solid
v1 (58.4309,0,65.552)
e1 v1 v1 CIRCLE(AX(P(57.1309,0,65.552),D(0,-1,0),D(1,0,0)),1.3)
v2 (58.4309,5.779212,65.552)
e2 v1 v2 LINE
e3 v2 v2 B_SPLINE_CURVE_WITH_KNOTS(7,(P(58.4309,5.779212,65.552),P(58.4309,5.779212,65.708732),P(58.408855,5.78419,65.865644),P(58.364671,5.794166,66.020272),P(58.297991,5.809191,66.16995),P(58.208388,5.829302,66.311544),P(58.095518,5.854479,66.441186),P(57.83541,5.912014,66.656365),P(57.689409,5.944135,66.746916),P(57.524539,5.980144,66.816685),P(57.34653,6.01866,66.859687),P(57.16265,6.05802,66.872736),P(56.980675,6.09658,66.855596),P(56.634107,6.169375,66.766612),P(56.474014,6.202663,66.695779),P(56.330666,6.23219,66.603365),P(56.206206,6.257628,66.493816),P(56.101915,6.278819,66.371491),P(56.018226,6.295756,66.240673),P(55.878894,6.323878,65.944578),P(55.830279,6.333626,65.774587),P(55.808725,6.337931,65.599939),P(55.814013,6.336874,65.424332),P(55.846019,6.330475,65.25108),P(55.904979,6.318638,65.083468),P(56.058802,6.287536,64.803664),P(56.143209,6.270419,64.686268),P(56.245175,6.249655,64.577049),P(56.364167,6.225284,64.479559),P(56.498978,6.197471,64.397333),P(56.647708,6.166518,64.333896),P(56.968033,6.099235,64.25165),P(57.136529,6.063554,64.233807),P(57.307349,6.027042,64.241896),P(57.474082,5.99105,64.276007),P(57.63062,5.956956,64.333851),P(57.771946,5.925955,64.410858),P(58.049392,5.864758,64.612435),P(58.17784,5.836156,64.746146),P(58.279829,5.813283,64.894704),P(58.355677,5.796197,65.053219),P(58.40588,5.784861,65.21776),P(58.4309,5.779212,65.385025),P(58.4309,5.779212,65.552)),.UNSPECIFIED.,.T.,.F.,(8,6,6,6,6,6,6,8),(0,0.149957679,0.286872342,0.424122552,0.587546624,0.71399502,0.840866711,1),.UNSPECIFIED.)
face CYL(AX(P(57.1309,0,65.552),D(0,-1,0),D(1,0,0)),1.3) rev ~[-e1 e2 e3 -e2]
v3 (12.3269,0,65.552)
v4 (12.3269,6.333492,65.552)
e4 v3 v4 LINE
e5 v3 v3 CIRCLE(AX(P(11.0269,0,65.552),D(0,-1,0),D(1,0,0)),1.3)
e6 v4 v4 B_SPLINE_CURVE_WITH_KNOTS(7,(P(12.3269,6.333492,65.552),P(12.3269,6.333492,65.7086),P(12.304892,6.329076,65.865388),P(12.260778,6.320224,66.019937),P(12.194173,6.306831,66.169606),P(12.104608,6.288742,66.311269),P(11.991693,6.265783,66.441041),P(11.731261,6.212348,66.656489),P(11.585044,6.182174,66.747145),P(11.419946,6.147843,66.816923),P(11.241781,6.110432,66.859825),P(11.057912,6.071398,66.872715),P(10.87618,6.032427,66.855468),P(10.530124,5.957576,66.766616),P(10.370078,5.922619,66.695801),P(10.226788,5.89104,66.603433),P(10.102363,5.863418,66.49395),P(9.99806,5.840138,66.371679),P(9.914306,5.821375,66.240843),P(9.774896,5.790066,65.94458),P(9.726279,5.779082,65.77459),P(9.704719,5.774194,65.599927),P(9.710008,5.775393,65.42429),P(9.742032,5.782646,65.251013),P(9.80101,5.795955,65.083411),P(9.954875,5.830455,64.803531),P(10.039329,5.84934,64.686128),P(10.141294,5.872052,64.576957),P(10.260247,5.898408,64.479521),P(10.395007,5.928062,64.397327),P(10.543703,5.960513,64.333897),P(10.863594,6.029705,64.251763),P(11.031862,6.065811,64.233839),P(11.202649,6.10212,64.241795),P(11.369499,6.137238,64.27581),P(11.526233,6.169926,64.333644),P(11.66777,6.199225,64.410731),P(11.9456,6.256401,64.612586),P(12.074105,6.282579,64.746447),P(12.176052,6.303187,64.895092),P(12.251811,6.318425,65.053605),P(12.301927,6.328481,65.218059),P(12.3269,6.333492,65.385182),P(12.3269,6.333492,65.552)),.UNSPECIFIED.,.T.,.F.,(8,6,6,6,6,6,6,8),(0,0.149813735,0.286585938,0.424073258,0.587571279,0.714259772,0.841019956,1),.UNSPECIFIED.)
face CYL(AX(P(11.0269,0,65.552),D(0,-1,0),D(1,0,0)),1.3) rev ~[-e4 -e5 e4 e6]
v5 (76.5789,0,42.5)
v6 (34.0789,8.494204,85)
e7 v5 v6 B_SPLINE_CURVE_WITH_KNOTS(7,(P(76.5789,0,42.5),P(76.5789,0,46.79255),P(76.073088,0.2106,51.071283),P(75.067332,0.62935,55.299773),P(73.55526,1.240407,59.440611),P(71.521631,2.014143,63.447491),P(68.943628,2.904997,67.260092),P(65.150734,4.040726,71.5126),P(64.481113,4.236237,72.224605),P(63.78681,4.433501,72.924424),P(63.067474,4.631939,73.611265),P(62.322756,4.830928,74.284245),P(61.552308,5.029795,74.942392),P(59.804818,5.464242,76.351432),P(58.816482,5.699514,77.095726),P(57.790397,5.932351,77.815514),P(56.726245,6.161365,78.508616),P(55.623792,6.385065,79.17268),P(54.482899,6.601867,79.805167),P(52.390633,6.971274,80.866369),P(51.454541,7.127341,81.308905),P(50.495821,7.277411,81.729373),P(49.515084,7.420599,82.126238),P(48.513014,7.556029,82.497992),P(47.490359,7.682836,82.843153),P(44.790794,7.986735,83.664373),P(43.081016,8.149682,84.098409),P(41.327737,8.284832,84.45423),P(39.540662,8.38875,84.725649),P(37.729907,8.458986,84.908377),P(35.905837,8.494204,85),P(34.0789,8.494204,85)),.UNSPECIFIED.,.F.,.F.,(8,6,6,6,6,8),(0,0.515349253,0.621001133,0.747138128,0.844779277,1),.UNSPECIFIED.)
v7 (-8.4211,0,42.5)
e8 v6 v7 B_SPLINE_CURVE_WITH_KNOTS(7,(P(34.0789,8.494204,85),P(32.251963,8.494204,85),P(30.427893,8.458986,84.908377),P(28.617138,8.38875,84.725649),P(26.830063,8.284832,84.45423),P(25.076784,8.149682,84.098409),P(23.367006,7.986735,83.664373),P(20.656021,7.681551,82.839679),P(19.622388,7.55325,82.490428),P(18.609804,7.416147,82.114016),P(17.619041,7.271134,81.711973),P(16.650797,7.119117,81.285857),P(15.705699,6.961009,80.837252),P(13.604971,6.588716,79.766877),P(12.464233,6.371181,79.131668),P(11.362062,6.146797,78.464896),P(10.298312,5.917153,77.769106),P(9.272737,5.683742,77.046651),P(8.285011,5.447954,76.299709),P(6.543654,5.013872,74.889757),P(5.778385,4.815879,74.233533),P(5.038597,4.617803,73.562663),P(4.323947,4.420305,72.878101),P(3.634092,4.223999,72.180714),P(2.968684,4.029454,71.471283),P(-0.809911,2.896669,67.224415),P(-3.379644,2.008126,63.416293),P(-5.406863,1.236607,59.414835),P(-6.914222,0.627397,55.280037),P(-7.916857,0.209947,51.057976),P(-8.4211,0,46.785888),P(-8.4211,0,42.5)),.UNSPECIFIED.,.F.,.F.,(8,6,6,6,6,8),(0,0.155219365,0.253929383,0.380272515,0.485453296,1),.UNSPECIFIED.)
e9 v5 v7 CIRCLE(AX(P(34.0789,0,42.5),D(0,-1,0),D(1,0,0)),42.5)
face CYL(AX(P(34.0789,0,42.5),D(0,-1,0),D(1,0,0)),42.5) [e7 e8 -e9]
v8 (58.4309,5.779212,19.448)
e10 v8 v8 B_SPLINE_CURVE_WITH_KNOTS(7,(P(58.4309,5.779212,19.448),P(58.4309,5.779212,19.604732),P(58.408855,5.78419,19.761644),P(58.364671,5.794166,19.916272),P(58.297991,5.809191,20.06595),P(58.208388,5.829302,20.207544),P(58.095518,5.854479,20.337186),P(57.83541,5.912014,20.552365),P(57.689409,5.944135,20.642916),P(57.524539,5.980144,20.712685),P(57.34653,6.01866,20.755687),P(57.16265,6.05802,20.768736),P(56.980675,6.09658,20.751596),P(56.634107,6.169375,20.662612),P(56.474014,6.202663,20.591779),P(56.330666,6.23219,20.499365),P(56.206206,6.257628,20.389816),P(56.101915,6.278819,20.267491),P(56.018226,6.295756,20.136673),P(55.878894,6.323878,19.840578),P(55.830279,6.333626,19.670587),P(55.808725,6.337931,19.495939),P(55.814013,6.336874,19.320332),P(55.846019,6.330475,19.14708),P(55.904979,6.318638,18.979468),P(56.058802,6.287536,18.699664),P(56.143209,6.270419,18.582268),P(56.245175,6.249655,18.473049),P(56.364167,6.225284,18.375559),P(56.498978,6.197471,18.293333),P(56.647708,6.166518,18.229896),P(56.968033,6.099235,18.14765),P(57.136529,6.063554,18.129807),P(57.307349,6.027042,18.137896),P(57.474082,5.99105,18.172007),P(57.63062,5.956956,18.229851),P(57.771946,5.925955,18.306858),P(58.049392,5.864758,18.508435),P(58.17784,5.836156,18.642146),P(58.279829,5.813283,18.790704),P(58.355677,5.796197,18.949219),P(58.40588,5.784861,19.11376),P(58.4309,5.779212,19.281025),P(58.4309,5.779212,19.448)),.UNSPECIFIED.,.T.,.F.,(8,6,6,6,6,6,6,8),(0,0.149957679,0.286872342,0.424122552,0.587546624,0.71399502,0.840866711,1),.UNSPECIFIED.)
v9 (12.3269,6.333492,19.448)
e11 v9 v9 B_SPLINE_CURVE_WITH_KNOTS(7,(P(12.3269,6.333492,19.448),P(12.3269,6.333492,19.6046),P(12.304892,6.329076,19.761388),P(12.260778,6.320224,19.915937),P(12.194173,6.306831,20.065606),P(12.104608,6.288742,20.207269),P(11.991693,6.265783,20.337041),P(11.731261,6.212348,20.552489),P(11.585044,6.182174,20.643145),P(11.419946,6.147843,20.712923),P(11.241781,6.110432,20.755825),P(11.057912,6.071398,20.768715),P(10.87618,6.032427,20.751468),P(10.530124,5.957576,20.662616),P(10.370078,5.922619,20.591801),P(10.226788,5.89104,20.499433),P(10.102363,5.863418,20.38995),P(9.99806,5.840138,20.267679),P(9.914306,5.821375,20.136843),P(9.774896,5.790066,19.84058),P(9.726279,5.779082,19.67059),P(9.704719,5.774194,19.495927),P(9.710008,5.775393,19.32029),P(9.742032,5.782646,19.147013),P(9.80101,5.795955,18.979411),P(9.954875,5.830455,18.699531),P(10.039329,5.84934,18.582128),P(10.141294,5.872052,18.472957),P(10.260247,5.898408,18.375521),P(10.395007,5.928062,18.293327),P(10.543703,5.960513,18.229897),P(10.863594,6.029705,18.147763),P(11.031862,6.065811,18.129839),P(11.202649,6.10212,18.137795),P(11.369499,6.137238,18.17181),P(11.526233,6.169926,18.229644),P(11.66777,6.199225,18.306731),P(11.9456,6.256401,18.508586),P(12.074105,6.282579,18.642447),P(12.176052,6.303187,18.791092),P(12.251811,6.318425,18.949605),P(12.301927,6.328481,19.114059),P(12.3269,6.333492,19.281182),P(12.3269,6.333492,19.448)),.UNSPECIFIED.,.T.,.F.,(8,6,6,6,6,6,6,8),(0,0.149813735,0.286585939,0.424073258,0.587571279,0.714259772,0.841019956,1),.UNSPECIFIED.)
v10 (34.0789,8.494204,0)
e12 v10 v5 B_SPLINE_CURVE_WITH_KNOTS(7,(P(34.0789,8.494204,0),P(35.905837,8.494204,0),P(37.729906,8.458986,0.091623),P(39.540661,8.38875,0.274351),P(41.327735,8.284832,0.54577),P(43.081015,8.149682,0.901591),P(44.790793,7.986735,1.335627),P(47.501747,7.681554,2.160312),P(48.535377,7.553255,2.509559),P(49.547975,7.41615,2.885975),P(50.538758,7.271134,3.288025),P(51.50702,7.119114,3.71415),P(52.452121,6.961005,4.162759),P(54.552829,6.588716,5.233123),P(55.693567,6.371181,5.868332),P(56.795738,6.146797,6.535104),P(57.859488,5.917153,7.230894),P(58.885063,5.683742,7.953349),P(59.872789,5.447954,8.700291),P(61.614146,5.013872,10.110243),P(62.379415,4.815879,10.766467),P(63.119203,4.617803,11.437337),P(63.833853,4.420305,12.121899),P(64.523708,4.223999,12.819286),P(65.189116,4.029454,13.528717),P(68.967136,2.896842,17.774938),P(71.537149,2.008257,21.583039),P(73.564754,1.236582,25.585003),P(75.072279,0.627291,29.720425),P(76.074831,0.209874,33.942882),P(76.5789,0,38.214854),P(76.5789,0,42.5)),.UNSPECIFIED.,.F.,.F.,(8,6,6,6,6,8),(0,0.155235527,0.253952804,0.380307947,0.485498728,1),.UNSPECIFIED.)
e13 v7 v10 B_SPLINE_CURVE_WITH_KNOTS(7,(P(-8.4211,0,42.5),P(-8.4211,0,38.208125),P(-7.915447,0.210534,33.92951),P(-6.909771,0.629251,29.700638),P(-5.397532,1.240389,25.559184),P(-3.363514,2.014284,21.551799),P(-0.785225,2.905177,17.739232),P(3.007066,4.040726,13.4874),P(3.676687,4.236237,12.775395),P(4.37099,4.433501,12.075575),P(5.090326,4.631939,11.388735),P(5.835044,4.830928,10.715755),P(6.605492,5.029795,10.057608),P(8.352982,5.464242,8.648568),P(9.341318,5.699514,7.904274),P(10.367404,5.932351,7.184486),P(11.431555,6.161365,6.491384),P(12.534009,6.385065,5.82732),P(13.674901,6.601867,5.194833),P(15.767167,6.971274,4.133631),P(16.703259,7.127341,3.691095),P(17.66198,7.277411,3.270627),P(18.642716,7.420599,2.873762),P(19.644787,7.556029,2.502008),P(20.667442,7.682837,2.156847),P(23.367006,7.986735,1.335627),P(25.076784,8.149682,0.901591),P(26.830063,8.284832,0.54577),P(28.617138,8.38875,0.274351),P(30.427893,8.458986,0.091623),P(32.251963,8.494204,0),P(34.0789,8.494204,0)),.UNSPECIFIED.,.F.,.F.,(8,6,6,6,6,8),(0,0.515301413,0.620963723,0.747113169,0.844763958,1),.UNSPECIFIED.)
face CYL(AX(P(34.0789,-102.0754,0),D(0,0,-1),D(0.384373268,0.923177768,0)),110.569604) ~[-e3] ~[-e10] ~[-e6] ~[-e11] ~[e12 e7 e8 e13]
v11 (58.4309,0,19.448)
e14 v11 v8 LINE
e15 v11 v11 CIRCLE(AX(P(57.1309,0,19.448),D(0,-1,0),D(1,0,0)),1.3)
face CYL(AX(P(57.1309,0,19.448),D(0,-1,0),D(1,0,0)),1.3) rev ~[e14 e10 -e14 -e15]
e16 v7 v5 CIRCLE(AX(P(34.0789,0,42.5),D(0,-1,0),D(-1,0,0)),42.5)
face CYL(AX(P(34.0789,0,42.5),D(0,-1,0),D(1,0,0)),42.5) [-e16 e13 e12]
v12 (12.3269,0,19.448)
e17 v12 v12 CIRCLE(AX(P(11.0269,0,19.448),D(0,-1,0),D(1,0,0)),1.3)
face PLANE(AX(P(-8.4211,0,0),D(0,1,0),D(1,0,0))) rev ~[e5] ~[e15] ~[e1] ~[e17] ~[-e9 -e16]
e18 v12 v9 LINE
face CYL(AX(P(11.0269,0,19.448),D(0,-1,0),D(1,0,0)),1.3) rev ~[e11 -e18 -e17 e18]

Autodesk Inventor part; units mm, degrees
ref_plane "YZ Plane" through (0, 0, 0) normal (1, 0, 0) x (0, 1, 0)
ref_plane "XZ Plane" through (0, 0, 0) normal (0, 1, 0) x (-1, 0, 0)
ref_plane "XY Plane" through (0, 0, 0) normal (0, 0, 1) x (1, 0, 0)
sketch "Sketch1" plane through (0, 0, 0) normal (0, 0, 1) x (1, 0, 0)
  arc A0 (76.5789, 0) -> (-8.4211, 0) centre (34.0789, -102.0754) ccw
  line L0 (-8.4211, 0) -> (76.5789, 0)
  point P0 (0, 0)
  dimension "d0" = 85
extrude "Extrusion1" add sketch "Sketch1" along normal blind 85
sketch "Sketch2" plane through (-8.4211, 0, 0) normal (0, -1, 0) x (1, 0, 0)
  circle A0 centre (7.5, 77.5) radius 0.75
  circle A1 centre (7.5, 7.5) radius 0.75
  circle A2 centre (77.5, 77.5) radius 0.75
  circle A3 centre (77.5, 7.5) radius 0.75
  line L0 (0, 85) -> (85, 85) projected
  line L1 (0, 0) -> (85, 0) projected
  line L2 (85, 0) -> (85, 85) projected
  point P0 (8.4211, 0)
  point P1 (36.7967, 13.095)
  dimension "d3" = 1.5
  dimension "d4" = 1.5
  dimension "d5" = 1.5
  dimension "d6" = 1.5
  dimension "d7" = 70
  dimension "d8" = 7.5
  dimension "d9" = 7.5
  dimension "d10" = 70
  dimension "d11" = 70
  dimension "d12" = 70
  dimension "d13" = 7.5
  dimension "d14" = 7.5
extrude "Extrusion2" cut sketch "Sketch2" against normal blind 85
sketch "Sketch3" plane through (-8.4211, 0, 0) normal (0, -1, 0) x (1, 0, 0)
  line L0 (0, 0) -> (0, 85) projected
  line L1 (0, 42.5) -> (85, 42.5)
  line L2 (85, 0) -> (85, 85) projected
  line L3 (0, 85) -> (85, 85) projected
  line L4 (42.5, 85) -> (42.5, 0)
  circle A0 centre (42.5, 42.5) radius 42.5
  line L5 (0, 0) -> (85, 0) projected
  line L6 (85, 85) -> (0, 85)
  line L7 (0, 85) -> (0, 0)
  line L8 (0, 0) -> (85, 0)
  line L9 (85, 0) -> (85, 85)
  point P0 (8.4211, 0)
  dimension "d17" = 42.5
extrude "Extrusion3" cut sketch "Sketch3" against normal blind 100 contours L0 A0 L5 | L0 L3 A0 | A0 L2 L5 | L3 L2 A0
sketch "Sketch4" plane through (34.0789, 0, 42.5) normal (0, -1, 0) x (1, 0, 0)
  arc A0 (-42.5, 0) -> (42.5, 0) centre (0, 0) ccw projected
  line L0 (0, 0) -> (42.5, 0) construction
  line L1 (30.052, 30.052) -> (-30.052, 30.052)
  line L2 (-30.052, 30.052) -> (-30.052, -30.052)
  line L3 (-30.052, -30.052) -> (30.052, -30.052)
  line L4 (30.052, -30.052) -> (30.052, 30.052)
  circle A1 centre (-23.052, 23.052) radius 1.3
  circle A2 centre (23.052, 23.052) radius 1.3
  circle A3 centre (-23.052, -23.052) radius 1.3
  circle A4 centre (23.052, -23.052) radius 1.3
  point P0 (-34.0789, -42.5)
  dimension "d21" = 2.6
  dimension "d22" = 2.6
  dimension "d23" = 2.6
  dimension "d24" = 2.6
  dimension "d29" = 7
  dimension "d30" = 7
  dimension "d31" = 7
  dimension "d32" = 7
  dimension "d33" = 7
  dimension "d34" = 7
  dimension "d35" = 7
  dimension "d36" = 7
extrude "Extrusion4" cut sketch "Sketch4" against normal blind 100 contours A1 | A2 | A3 | A4
properties part number "TopHead"
